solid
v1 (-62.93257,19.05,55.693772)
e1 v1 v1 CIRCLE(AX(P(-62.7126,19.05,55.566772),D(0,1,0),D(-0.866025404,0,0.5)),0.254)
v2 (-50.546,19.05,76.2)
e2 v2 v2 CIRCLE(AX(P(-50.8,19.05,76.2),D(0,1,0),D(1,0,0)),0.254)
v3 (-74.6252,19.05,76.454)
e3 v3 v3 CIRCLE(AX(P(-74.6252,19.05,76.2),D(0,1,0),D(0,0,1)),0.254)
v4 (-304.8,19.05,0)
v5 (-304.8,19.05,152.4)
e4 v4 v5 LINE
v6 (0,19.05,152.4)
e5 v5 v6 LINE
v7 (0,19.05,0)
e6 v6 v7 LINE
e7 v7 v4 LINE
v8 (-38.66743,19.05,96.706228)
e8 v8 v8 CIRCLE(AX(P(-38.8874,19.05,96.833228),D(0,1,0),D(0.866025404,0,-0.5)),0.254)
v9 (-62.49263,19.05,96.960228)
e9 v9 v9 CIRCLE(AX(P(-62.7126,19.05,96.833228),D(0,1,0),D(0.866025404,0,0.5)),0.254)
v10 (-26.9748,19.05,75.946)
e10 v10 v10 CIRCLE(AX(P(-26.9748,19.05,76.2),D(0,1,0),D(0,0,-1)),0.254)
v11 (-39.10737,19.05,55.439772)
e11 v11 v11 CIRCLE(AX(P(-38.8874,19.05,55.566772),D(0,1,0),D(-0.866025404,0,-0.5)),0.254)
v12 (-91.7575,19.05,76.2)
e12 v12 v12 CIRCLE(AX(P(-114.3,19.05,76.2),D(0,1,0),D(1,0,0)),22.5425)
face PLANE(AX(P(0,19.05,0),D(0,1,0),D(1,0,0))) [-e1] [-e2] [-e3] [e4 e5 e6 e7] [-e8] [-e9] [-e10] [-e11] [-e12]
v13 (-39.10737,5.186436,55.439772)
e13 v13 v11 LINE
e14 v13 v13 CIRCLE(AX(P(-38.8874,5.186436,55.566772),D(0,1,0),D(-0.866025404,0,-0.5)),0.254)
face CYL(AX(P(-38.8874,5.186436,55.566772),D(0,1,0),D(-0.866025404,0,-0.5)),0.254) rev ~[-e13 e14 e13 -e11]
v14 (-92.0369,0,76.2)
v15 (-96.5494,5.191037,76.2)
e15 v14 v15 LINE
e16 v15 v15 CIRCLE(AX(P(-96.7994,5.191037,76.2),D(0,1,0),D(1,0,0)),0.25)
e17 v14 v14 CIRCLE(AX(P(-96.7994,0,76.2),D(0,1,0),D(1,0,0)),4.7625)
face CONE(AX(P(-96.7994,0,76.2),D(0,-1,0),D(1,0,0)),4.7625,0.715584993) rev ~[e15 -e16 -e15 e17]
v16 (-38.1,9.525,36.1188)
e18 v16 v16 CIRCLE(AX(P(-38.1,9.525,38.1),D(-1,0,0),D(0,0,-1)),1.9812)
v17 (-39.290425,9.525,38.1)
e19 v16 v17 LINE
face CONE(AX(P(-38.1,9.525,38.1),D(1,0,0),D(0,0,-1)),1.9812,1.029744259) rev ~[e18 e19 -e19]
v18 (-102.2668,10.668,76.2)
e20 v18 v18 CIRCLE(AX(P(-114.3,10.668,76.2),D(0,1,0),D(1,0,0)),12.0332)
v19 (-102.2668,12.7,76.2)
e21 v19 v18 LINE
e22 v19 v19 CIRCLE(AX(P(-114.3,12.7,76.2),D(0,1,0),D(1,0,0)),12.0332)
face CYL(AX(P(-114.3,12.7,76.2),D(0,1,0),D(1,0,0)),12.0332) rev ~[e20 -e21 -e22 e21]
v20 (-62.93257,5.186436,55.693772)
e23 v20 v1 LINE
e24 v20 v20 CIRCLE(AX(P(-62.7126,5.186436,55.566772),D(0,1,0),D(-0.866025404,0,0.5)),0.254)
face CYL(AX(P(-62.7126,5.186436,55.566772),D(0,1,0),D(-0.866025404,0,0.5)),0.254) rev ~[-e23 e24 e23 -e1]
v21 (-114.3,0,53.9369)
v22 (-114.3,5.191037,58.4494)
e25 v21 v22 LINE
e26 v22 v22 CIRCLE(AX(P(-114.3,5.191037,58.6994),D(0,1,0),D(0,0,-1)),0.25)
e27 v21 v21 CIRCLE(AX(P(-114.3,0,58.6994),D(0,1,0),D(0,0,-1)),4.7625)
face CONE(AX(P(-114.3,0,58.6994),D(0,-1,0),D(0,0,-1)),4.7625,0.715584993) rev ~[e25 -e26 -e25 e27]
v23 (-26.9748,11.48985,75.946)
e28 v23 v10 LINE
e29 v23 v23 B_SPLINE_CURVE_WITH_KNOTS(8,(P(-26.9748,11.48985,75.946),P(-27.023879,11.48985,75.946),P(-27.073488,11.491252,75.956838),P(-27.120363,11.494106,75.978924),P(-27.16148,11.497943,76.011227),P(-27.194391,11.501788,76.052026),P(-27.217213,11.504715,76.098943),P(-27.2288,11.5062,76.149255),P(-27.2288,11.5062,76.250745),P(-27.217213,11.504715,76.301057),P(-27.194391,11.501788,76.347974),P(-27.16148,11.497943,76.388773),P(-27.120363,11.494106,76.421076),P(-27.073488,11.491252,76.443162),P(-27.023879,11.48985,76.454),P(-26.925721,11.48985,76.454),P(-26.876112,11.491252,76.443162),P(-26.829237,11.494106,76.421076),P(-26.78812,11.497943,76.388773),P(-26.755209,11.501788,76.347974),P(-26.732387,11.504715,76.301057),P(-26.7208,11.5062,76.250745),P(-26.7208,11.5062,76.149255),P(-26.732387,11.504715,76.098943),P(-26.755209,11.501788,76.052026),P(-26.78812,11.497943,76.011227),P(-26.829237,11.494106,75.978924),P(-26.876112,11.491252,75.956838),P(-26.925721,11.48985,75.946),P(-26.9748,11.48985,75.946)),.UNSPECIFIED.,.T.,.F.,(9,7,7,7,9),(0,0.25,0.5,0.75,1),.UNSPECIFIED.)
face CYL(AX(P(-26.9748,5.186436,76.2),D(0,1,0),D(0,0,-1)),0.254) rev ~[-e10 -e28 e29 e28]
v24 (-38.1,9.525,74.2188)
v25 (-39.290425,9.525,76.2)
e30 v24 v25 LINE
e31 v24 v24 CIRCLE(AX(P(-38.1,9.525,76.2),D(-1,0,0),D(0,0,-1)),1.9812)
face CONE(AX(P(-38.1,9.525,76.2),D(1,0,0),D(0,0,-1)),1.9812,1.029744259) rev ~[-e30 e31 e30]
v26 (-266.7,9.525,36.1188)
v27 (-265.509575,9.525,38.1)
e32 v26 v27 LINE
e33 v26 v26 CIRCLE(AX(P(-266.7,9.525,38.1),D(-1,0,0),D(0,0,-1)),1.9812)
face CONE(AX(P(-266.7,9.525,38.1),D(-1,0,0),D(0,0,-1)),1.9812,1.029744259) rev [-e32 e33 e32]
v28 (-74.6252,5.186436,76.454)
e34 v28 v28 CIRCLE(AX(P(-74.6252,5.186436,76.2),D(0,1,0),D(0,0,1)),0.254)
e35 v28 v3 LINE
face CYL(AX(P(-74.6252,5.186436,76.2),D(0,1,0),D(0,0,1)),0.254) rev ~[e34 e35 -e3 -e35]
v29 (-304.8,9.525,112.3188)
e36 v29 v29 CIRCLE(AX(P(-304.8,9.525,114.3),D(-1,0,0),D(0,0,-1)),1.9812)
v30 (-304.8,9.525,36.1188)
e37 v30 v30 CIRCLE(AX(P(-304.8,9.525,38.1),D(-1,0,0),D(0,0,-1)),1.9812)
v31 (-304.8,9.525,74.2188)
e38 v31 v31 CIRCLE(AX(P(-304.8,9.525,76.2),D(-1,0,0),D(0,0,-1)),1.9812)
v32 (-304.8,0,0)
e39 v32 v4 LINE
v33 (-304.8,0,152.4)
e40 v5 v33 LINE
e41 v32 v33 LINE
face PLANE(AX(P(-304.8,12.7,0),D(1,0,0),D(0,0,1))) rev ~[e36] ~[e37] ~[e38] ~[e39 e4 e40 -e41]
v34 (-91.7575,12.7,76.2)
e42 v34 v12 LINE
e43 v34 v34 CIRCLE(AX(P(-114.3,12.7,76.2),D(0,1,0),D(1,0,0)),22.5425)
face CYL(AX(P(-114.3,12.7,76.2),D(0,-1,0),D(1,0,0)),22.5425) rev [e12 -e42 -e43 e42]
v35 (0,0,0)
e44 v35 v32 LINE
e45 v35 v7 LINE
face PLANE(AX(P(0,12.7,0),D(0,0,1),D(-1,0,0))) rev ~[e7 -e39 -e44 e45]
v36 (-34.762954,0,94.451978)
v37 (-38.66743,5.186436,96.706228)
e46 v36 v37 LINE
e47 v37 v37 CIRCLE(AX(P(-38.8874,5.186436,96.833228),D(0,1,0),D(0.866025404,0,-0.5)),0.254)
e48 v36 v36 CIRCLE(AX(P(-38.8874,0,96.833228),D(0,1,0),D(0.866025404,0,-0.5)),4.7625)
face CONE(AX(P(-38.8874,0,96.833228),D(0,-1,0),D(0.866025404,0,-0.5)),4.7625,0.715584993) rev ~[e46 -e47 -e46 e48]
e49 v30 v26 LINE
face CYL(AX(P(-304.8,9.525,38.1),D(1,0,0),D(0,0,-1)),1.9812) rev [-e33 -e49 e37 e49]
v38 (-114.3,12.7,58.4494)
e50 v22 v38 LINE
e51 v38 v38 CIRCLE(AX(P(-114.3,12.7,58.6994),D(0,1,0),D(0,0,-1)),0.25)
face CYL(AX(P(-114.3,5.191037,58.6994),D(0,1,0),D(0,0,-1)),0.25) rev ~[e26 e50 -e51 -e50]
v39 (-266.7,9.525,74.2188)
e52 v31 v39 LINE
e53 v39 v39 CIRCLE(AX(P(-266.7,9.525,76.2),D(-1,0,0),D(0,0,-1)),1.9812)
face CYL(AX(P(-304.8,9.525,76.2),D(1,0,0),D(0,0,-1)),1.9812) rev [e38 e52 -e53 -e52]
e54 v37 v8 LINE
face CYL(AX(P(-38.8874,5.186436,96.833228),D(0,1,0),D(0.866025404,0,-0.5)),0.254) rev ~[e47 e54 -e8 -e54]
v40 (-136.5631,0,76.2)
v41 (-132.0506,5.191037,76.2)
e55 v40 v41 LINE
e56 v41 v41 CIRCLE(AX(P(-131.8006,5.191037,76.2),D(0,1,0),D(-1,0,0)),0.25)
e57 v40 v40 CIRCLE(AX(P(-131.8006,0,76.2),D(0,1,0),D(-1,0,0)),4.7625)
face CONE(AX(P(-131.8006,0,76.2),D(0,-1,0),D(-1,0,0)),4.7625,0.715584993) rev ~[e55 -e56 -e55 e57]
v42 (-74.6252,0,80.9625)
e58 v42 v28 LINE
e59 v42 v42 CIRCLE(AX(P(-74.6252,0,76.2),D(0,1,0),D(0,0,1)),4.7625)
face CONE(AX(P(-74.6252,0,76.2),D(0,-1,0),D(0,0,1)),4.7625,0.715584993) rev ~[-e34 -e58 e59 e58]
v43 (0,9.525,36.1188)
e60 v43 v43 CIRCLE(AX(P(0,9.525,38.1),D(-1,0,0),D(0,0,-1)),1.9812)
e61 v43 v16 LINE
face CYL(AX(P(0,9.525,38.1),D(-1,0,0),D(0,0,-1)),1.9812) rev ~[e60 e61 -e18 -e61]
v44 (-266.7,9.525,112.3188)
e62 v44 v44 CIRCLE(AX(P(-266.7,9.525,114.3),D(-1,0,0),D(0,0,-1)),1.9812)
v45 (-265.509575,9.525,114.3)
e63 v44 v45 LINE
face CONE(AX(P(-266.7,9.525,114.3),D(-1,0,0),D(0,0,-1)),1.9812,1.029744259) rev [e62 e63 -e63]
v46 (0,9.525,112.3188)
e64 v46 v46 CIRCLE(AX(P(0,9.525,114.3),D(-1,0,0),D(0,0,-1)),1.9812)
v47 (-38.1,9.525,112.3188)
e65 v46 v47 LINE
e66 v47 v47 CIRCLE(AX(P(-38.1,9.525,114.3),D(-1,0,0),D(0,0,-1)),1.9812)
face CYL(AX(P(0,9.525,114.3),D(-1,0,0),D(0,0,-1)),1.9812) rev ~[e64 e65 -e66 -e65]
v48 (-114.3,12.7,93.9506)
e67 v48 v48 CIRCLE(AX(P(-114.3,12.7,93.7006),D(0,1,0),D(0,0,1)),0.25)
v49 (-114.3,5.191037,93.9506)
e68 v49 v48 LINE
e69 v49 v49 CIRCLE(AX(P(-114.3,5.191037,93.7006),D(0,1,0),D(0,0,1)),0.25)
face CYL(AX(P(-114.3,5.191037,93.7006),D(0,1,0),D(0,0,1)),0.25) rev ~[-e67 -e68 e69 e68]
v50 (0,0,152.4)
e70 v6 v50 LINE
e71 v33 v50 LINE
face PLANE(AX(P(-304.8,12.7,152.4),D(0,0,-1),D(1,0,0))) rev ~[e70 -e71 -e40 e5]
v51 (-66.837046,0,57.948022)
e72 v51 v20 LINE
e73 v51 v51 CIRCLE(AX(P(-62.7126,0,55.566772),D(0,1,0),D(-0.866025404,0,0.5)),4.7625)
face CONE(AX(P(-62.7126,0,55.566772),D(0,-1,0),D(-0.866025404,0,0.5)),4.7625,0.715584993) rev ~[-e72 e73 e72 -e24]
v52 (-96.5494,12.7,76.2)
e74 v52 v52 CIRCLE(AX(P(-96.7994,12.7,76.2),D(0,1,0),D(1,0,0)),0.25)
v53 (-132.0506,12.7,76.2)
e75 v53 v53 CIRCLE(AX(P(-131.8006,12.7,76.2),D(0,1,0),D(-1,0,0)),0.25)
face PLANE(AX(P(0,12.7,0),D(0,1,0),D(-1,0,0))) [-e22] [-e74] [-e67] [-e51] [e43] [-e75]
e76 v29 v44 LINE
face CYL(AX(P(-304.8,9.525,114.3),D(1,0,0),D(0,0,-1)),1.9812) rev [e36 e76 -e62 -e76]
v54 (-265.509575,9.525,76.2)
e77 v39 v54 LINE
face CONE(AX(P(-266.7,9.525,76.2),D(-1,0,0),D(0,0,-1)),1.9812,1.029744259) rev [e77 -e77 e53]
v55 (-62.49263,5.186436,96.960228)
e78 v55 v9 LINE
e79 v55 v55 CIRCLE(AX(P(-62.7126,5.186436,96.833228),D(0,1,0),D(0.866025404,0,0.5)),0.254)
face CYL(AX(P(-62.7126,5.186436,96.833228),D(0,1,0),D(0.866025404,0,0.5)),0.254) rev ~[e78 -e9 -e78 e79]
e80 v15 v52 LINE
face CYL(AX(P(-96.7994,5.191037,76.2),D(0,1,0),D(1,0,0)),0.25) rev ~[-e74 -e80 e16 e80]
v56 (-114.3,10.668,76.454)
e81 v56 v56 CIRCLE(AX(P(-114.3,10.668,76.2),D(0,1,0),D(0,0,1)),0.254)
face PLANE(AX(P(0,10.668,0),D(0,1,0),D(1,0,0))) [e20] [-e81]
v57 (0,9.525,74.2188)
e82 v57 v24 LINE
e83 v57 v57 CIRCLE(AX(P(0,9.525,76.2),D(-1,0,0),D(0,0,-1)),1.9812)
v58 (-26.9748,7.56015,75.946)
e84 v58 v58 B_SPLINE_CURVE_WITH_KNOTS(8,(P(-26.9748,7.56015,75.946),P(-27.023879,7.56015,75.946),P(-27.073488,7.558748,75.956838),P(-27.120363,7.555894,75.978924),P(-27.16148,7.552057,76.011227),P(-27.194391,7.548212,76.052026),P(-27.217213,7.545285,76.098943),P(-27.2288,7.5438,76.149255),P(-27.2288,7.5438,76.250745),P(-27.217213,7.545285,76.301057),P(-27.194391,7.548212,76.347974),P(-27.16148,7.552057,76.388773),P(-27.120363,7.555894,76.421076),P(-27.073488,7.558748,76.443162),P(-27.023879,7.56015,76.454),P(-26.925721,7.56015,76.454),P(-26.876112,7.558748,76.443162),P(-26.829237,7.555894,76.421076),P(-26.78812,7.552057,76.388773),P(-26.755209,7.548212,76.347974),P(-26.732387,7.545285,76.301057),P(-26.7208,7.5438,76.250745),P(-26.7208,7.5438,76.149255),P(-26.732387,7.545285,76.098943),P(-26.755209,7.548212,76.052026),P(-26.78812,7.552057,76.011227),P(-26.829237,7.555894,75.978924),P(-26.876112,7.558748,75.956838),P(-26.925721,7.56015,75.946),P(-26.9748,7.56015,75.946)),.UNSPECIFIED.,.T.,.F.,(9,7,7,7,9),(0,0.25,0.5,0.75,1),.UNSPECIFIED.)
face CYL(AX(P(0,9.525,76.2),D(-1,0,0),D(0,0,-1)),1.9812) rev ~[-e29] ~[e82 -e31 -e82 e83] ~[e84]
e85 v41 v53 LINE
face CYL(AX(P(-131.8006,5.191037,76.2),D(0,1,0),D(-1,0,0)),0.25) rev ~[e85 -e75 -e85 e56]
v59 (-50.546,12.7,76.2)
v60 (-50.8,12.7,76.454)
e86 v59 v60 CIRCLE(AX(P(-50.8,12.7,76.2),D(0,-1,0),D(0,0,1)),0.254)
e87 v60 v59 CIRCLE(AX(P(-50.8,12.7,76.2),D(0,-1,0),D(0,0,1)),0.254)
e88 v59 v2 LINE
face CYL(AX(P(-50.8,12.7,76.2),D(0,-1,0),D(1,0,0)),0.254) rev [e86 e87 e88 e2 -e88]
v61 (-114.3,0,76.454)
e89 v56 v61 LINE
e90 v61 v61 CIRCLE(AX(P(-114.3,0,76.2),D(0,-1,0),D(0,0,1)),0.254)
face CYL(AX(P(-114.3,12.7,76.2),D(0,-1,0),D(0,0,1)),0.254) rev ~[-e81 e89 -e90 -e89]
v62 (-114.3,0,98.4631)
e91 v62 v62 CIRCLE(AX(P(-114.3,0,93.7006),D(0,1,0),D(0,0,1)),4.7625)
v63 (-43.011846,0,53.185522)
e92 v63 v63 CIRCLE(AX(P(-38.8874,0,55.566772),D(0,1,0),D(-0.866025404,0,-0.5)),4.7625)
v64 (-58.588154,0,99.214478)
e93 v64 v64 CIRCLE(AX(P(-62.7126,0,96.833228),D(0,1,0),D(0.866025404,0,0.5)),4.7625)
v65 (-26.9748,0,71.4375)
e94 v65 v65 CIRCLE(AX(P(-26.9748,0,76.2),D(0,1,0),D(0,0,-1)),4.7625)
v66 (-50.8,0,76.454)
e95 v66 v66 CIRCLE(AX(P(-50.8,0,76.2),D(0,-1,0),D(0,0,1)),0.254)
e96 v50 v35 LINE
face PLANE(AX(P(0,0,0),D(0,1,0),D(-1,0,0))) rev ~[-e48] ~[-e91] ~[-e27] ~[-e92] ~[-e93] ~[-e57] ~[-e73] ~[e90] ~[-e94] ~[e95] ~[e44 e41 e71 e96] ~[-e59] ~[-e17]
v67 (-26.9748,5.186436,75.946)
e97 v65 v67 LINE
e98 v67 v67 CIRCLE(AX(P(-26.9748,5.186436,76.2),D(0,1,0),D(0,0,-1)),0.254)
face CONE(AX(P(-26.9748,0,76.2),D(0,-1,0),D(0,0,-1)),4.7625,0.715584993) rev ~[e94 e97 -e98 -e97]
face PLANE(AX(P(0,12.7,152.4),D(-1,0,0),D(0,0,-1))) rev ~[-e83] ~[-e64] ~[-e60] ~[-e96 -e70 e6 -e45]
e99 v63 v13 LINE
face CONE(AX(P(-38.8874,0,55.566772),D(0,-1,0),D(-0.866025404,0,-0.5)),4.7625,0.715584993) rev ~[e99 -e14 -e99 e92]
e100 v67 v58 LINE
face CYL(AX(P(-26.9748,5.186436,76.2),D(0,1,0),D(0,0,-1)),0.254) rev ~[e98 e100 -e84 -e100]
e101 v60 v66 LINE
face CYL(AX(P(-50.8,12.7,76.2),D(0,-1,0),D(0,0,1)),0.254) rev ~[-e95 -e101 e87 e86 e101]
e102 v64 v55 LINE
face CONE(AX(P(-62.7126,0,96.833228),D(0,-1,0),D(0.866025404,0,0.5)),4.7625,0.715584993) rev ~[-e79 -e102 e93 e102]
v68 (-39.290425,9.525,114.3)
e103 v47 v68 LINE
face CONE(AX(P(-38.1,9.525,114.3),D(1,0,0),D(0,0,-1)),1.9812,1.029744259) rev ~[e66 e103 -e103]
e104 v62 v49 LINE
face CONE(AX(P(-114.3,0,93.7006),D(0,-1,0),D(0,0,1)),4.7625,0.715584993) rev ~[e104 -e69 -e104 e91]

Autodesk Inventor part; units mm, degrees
ref_plane "YZ Plane" through (0, 0, 0) normal (1, 0, 0) x (0, 1, 0)
ref_plane "XZ Plane" through (0, 0, 0) normal (0, 1, 0) x (-1, 0, 0)
sketch "Sketch1" plane through (0, 0, 0) normal (0, 1, 0) x (-1, 0, 0)
  line L0 (0, 0) -> (304.8, 0)
  line L1 (304.8, 0) -> (304.8, 152.4)
  line L2 (304.8, 152.4) -> (0, 152.4)
  line L3 (0, 152.4) -> (0, 0)
  dimension "d0" = 304.8
  dimension "d1" = 152.4
extrude "Extrusion1" add sketch "Sketch1" along normal blind 12.7
hole "Hole1" at (-114.3, 12.7, 76.2) direction (0, -1, 0) diameter 0.508 end through all
hole "Hole2" at (-50.8, 12.7, 76.2) direction (0, -1, 0) diameter 0.508 end through all
hole "Hole3" at (-114.3, 0, 58.6994) direction (0, 1, 0) diameter 0.5 end through all countersink diameter 9.525 countersink angle 82
pattern_circular "Circular Pattern1" count 4 over 360 about axis through (-114.3, -328.3133, 76.2) along (0, 1, 0) of "Hole3"
sketch "Sketch4" plane through (0, 12.7, 0) normal (0, 1, 0) x (1, 0, 0)
  circle A0 centre (-114.3, -76.2) radius 0.254 projected
  circle A1 centre (-114.3, -76.2) radius 12.0332
  dimension "d41" = 24.0665
sketch "Sketch5" plane through (0, 12.7, 0) normal (0, 1, 0) x (1, 0, 0)
  circle A0 centre (-50.8, -76.2) radius 0.254 projected
  circle A1 centre (-114.3, -76.2) radius 0.254 projected
  line L0 (0, 0) -> (-304.8, 0) projected
  line L1 (-304.8, 0) -> (-304.8, -152.4) projected
  line L2 (-304.8, -152.4) -> (0, -152.4) projected
  line L3 (0, -152.4) -> (0, 0) projected
  circle A2 centre (-114.3, -76.2) radius 22.5425
  dimension "d42" = 45.085
extrude "Extrusion4" add sketch "Sketch5" along normal blind 6.35 contours L3 L2 L1 L0
extrude "Extrusion5" cut sketch "Sketch4" against normal blind 2.032
hole "Hole4" at (-26.9748, 0, 76.2) direction (0, 1, 0) diameter 0.508 end through all countersink diameter 9.525 countersink angle 82
pattern_circular "Circular Pattern2" count 6 over 360 about axis through (-50.8, 19.05, 76.2) along (0, -1, 0) of "Hole4"
hole "Hole5" at (0, 9.525, 114.3) direction (-1, 0, 0) diameter 3.9624 depth 38.1 tip angle 118 thread size "10-32 UNF" class "2B" standard "ANSI Unified Screw Threads"
pattern_linear "Rectangular Pattern1" count 3 spacing 38.1 along (0, 0, -1) of "Hole5"
ref_plane "Work Plane1" through (-152.4, 0, 0) normal (-1, 0, 0) x (0, 0, 1)
mirror "Mirror1" about plane through (-152.4, 0, 0) normal (-1, 0, 0) of "Hole5", "Rectangular Pattern1"
properties part number "Traveler with pin point holes"
